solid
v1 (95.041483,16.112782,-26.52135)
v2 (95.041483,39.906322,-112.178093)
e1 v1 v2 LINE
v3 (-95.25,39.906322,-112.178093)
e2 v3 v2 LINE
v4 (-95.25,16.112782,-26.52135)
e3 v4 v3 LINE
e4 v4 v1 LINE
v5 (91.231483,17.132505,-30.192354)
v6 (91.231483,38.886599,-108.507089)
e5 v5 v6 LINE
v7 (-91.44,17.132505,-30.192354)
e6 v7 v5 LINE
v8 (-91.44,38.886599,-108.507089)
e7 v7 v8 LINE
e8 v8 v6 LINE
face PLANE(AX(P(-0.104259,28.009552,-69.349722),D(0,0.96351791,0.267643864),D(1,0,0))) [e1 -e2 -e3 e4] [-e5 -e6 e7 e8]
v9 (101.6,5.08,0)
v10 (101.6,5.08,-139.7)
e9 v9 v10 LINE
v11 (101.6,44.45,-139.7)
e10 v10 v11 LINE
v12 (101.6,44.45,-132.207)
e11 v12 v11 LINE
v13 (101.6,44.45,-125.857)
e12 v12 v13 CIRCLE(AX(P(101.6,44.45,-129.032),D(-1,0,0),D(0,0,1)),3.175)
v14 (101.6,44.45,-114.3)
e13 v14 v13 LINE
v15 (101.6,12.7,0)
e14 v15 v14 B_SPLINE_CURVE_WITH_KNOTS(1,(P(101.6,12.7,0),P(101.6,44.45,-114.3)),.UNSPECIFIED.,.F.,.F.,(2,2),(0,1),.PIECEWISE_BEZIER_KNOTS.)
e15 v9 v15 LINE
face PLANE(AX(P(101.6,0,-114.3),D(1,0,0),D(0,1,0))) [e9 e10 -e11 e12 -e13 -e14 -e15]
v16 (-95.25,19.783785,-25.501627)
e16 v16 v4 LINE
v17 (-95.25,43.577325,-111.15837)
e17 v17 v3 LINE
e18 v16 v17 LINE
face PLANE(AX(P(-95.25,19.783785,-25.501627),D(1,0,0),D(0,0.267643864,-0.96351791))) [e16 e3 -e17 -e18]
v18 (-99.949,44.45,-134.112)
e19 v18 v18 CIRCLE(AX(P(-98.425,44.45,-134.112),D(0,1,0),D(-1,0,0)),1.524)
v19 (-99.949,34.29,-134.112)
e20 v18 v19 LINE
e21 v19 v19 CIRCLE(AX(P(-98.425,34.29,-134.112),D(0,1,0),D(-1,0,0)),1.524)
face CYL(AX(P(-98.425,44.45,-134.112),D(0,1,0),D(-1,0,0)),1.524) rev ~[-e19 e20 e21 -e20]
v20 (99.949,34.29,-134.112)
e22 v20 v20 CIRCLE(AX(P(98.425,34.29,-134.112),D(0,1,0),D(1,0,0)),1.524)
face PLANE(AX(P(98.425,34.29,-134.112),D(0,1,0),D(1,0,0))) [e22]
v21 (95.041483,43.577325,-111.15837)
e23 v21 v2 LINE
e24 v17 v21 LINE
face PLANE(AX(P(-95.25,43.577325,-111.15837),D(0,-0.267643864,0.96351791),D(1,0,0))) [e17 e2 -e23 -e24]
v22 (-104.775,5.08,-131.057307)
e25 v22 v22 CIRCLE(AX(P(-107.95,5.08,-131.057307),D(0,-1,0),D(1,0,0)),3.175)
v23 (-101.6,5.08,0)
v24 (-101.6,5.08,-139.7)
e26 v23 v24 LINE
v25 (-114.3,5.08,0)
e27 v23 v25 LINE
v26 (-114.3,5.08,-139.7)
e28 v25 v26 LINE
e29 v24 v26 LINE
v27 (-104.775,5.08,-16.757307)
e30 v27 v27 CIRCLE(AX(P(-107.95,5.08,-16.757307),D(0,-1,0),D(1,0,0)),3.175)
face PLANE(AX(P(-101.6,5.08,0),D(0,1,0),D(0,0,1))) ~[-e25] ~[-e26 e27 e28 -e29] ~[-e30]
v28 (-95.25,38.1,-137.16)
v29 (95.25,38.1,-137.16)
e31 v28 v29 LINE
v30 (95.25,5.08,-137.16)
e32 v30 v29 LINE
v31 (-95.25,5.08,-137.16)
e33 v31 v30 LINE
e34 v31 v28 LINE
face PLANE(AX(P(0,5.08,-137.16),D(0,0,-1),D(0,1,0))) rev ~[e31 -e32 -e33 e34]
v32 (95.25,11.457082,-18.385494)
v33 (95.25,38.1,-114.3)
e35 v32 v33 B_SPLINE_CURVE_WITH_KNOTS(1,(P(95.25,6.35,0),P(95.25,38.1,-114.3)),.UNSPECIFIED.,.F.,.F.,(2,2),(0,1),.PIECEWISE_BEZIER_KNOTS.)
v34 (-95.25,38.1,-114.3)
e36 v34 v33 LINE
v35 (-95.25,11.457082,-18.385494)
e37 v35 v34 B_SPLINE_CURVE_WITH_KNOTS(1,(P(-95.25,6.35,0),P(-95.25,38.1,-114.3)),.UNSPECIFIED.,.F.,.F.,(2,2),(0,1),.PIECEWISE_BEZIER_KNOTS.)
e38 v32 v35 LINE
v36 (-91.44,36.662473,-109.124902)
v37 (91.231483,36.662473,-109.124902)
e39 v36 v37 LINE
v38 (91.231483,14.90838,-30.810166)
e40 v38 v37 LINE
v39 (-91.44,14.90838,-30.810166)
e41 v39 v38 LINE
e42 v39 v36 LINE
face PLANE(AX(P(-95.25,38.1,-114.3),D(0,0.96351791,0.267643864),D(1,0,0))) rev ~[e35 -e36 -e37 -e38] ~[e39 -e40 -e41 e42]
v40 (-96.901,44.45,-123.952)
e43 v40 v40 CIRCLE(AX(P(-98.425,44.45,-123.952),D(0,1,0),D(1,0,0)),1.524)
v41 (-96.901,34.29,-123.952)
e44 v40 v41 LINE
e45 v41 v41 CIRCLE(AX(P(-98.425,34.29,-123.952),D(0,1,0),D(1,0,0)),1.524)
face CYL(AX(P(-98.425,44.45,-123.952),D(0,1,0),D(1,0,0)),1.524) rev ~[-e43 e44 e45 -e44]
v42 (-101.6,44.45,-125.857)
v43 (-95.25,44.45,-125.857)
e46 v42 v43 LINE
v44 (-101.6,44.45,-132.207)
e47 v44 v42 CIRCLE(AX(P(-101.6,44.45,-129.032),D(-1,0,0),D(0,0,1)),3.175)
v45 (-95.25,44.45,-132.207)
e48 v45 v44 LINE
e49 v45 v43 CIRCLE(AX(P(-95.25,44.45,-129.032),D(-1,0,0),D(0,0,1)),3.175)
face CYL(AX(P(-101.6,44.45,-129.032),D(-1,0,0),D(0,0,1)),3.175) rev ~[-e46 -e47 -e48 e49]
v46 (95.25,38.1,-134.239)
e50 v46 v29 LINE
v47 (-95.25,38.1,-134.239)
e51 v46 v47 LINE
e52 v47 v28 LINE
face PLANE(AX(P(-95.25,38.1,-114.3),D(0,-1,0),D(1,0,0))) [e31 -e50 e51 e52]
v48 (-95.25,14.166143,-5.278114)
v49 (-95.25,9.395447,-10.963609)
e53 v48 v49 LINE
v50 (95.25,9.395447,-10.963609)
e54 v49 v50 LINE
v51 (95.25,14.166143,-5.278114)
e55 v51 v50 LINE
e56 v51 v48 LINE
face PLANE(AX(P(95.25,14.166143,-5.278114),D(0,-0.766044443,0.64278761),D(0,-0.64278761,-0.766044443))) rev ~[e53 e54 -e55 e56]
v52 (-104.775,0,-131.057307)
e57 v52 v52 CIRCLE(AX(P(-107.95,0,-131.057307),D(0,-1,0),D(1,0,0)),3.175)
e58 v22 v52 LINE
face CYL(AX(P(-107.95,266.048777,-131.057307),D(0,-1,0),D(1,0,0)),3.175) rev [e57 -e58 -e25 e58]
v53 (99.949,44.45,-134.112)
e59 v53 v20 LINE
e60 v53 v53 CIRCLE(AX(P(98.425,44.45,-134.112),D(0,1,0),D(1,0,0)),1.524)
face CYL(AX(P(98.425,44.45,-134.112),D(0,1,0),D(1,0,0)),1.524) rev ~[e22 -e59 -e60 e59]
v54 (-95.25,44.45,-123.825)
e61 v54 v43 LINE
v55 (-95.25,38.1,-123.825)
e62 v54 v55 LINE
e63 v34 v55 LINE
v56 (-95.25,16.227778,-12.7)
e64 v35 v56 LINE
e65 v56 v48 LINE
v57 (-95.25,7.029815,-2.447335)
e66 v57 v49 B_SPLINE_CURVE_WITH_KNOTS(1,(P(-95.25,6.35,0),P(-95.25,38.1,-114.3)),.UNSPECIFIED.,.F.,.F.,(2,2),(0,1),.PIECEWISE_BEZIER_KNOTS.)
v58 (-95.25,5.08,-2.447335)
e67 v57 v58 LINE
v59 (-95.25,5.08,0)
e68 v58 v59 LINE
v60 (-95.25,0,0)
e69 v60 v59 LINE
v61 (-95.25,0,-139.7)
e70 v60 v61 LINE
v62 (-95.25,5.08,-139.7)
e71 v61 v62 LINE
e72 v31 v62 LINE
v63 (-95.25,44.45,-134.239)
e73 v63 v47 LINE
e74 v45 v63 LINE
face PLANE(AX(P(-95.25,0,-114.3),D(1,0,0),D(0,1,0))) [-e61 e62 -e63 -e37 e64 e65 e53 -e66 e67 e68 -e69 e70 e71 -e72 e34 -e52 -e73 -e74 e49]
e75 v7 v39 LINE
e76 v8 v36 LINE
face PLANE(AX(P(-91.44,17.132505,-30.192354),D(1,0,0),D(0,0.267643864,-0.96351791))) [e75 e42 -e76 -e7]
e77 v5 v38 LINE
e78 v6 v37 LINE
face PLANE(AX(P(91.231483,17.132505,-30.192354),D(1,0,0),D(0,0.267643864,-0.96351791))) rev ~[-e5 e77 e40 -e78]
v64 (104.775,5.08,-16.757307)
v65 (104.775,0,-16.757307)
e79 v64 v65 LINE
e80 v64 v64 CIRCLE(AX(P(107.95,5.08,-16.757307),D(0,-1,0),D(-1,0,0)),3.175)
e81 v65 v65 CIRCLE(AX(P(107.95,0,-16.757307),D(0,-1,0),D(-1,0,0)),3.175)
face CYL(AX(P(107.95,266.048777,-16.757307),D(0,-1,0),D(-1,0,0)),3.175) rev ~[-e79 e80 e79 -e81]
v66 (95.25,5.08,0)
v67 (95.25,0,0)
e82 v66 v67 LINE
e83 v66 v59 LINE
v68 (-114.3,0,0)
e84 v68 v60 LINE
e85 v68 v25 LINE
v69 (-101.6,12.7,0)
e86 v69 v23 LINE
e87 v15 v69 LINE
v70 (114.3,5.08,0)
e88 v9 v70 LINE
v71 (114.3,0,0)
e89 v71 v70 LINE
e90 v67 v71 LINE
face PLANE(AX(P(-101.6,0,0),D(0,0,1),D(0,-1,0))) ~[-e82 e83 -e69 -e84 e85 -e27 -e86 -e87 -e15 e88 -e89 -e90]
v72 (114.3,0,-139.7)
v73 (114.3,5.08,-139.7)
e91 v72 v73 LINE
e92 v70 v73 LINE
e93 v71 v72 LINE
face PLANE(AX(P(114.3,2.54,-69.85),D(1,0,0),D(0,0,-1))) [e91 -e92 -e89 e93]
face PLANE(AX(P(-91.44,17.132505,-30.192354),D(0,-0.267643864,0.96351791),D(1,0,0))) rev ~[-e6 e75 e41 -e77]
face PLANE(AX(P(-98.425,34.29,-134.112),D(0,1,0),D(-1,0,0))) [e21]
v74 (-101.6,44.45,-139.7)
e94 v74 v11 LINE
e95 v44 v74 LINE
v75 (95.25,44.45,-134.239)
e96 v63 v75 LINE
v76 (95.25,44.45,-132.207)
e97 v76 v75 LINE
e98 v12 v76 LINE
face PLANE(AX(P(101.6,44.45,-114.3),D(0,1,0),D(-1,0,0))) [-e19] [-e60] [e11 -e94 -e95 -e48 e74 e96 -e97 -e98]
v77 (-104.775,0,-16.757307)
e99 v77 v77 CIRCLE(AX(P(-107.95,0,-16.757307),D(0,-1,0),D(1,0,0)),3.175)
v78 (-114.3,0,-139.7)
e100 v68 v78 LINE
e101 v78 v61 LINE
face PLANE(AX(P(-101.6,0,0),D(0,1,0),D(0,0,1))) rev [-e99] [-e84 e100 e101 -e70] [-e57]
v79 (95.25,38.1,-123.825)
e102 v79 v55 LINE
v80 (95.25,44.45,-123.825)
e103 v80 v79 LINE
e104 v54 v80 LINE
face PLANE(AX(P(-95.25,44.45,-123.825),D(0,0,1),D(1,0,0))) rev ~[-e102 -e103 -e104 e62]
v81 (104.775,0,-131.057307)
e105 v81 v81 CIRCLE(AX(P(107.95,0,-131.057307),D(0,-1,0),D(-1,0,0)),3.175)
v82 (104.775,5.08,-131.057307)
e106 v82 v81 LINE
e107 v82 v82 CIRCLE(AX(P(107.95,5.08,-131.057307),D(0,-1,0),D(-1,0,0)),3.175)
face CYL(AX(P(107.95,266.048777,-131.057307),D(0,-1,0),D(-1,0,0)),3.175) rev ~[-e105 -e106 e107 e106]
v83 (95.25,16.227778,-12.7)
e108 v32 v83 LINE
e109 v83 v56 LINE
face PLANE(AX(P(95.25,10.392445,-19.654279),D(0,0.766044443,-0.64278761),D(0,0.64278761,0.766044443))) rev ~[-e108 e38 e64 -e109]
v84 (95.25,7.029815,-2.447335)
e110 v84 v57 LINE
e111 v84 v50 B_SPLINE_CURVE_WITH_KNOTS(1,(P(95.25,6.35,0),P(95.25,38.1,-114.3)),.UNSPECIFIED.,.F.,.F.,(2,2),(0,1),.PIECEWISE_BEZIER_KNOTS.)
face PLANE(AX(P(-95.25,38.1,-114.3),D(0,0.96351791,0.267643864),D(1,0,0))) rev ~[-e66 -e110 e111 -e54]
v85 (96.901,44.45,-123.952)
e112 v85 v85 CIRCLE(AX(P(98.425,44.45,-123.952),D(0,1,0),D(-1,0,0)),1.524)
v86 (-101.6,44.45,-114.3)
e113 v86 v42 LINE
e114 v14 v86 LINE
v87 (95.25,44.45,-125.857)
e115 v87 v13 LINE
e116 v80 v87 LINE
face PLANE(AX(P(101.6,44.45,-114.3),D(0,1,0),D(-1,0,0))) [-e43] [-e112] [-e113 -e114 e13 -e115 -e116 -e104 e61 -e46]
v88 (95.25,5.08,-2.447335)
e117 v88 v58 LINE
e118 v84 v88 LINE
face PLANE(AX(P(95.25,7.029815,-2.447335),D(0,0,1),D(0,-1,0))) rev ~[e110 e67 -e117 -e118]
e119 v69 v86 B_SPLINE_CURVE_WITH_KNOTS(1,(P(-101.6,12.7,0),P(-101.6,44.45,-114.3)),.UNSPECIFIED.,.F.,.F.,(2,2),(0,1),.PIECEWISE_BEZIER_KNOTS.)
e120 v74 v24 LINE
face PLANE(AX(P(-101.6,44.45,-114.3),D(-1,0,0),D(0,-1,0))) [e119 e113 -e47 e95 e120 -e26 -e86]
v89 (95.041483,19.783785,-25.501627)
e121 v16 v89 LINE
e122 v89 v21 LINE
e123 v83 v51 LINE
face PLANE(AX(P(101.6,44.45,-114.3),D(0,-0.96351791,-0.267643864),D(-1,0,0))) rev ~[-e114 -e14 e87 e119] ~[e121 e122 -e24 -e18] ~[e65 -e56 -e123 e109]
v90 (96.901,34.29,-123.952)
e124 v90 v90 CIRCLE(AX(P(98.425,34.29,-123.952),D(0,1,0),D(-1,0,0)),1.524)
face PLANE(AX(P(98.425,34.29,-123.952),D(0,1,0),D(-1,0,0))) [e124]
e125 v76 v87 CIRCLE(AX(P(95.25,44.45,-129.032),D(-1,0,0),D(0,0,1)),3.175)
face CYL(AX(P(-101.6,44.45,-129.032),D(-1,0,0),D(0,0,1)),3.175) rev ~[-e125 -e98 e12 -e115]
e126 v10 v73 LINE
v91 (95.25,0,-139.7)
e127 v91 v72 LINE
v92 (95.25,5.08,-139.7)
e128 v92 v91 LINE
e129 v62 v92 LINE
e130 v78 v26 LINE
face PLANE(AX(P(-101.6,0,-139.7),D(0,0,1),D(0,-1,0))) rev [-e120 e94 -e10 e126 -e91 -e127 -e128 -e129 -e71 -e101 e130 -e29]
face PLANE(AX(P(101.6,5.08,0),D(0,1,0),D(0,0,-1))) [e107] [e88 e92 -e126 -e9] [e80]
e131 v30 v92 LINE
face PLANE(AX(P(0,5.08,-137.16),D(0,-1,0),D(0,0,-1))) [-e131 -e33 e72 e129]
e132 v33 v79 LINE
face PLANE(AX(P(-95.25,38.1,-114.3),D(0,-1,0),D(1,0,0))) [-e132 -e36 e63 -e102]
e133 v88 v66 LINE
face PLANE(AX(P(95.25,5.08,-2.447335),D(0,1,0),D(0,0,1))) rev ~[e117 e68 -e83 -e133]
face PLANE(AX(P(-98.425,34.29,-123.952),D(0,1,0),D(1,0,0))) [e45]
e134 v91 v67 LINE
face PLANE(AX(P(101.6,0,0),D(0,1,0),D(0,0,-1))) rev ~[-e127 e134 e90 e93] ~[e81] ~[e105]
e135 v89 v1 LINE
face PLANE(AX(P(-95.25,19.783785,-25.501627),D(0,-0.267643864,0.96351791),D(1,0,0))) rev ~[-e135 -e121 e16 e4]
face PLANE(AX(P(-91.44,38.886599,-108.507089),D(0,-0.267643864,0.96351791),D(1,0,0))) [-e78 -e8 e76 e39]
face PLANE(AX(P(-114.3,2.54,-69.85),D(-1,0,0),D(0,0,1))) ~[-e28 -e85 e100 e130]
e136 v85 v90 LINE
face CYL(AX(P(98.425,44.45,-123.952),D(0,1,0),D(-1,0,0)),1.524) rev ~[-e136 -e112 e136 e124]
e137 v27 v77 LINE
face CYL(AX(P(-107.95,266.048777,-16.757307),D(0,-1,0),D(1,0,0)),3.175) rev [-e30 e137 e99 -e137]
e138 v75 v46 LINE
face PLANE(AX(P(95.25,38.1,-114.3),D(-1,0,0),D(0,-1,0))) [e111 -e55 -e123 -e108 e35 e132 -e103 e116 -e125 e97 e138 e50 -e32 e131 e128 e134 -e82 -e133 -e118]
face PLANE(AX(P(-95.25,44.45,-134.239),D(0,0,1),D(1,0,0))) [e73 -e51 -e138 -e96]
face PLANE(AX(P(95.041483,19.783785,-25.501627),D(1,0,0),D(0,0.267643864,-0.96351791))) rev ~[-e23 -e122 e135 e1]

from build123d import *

# Parameters (mm, degrees)
CUT_EXTRUDE1_START          = -6.35
CUT_EXTRUDE1_DEPTH          = 190.5
BOSS_EXTRUDE4_REACH         = 233.927
BOSS_EXTRUDE5_DEPTH         = 25.4
SKETCH3_W                   = 2.54
SKETCH3_H                   = 39.37
BOSS_EXTRUDE1_DEPTH         = 95.25
SKETCH11_R                  = 3.175
CUT_EXTRUDE6_DEPTH          = 251.563629798
SKETCH12_R                  = 1.524
CUT_EXTRUDE7_DEPTH          = 10.16
SKETCH5_W                   = 190.291482803
SKETCH5_H                   = 88.9
CUT_EXTRUDE2_DEPTH          = 3.81
SKETCH6_W                   = 182.671482803
SKETCH6_H                   = 81.28
CUT_EXTRUDE3_DEPTH          = 12.7
SKETCH14_W                  = 190.5
SKETCH14_H                  = 10.414
CUT_EXTRUDE8_DEPTH          = 179.366063356
SKETCH15_W                  = 139.7
SKETCH15_H                  = 5.08
BOSS_EXTRUDE6_DEPTH         = 12.7
F_1_4_0_25_DIAMETER_HOLE1_D = 6.35


with BuildPart() as part:
    # Sketch1 → Loft1 section 0
    with BuildSketch(Plane.XY):
        with BuildLine():
            Line((101.6, 0), (101.6, 12.7))
            Line((101.6, 12.7), (-101.6, 12.7))
            Line((-101.6, 12.7), (-101.6, 0))
            Line((-101.6, 0), (-95.25, 0))
            Line((-95.25, 0), (-95.25, 6.35))
            Line((-95.25, 6.35), (95.25, 6.35))
            Line((95.25, 6.35), (95.25, 0))
            Line((95.25, 0), (101.6, 0))
        make_face()
    # Sketch2 → Loft1 section 1
    with BuildSketch(Plane.XY.offset(-114.3)):
        with BuildLine():
            Line((-95.25, 0), (-95.25, 38.1))
            Line((-95.25, 38.1), (95.25, 38.1))
            Line((95.25, 38.1), (95.25, 0))
            Line((95.25, 0), (101.6, 0))
            Line((101.6, 0), (101.6, 44.45))
            Line((101.6, 44.45), (-101.6, 44.45))
            Line((-101.6, 44.45), (-101.6, 0))
            Line((-101.6, 0), (-95.25, 0))
        make_face()
    loft()

    # Sketch4 → Cut-Extrude1 (cut)
    with BuildSketch(Plane(origin=(101.6, 0, 0), x_dir=(0, 0, -1), z_dir=(1, 0, 0)).offset(CUT_EXTRUDE1_START)):
        Polygon((12.7, 32.737292081), (5.278114464, 32.737292081), (5.278114464, 14.166142907), (15.549865586, 5.547120329), (19.654278654, 10.392445124), (12.7, 16.227777778), align=None)
    extrude(amount=-CUT_EXTRUDE1_DEPTH, mode=Mode.SUBTRACT)

    # Sketch7 → Boss-Extrude4 (add, up to next)
    with BuildSketch(Plane.ZY.offset(-95.25), mode=Mode.PRIVATE) as boss_extrude4_sk1:
        Polygon((0, 6.35), (-2.44733549, 7.029815414), (-2.44733549, 5.08), (0, 5.08), align=None)
    boss_extrude4_tool1 = extrude(boss_extrude4_sk1.sketch, amount=BOSS_EXTRUDE4_REACH, mode=Mode.PRIVATE) - part.part
    add(boss_extrude4_tool1.solids().sort_by_distance((95.25, 5.896915, -1.309787))[0])

    # Sketch9 → Boss-Extrude5 (add)
    with BuildSketch(Plane(origin=(0, 0, -114.3), x_dir=(-1, 0, 0), z_dir=(0, 0, -1))):
        Polygon((-95.25, 0), (-101.6, 0), (-101.6, 44.45), (101.6, 44.45), (101.6, 0), (95.25, 0), (95.25, 38.1), (-95.25, 38.1), align=None)
    extrude(amount=BOSS_EXTRUDE5_DEPTH)

    # Sketch3 → Boss-Extrude1 (add, symmetric)
    with BuildSketch(Plane(origin=(0, 0, 0), x_dir=(0, 0, -1), z_dir=(1, 0, 0))):
        with Locations((138.43, 24.765)):
            Rectangle(SKETCH3_W, SKETCH3_H)
    extrude(amount=BOSS_EXTRUDE1_DEPTH, both=True)

    # Sketch11 → Cut-Extrude6 (cut, through all)
    with BuildSketch(Plane.ZY.offset(101.6)):
        with Locations((-129.032, 44.45)):
            Circle(SKETCH11_R)
    extrude(amount=-CUT_EXTRUDE6_DEPTH, mode=Mode.SUBTRACT)

    # Sketch12 → Cut-Extrude7 (cut)
    with BuildSketch(Plane(origin=(0, 44.45, 0), x_dir=(1, 0, 0), z_dir=(0, 1, 0))):
        with Locations(Location((98.425, 123.952, 0), (0, 0, 180))):
            Circle(SKETCH12_R)
        with Locations((98.425, 134.112)):
            Circle(SKETCH12_R)
        with Locations(Location((-98.425, 134.112, 0), (0, 0, 180))):
            Circle(SKETCH12_R)
        with Locations((-98.425, 123.952)):
            Circle(SKETCH12_R)
    extrude(amount=-CUT_EXTRUDE7_DEPTH, mode=Mode.SUBTRACT)

    # Sketch5 → Cut-Extrude2 (cut)
    with BuildSketch(Plane(origin=(0, 11.79025788, 3.275071633), x_dir=(1, 0, 0), z_dir=(0, 0.9635179096299408, 0.2676438637860946))):
        with Locations((-0.104258598, 74.316283438)):
            Rectangle(SKETCH5_W, SKETCH5_H)
    extrude(amount=-CUT_EXTRUDE2_DEPTH, mode=Mode.SUBTRACT)

    # Sketch6 → Cut-Extrude3 (cut)
    with BuildSketch(Plane(origin=(0, 8.119254644, 2.255348512), x_dir=(1, 0, 0), z_dir=(0, 0.9635179096299407, 0.26764386378609456))):
        with Locations((-0.104258599, 74.316283438)):
            Rectangle(SKETCH6_W, SKETCH6_H)
    extrude(amount=-CUT_EXTRUDE3_DEPTH, mode=Mode.SUBTRACT)

    # Sketch14 → Cut-Extrude8 (cut, through all)
    with BuildSketch(Plane(origin=(0, 44.45, 0), x_dir=(1, 0, 0), z_dir=(0, 1, 0))):
        with Locations((0, 129.032)):
            Rectangle(SKETCH14_W, SKETCH14_H)
    extrude(amount=-CUT_EXTRUDE8_DEPTH, mode=Mode.SUBTRACT)

    # Sketch15 → Boss-Extrude6 (add)
    with BuildSketch(Plane(origin=(101.6, 0, 0), x_dir=(0, 0, -1), z_dir=(1, 0, 0))):
        with Locations((69.85, 2.54)):
            Rectangle(SKETCH15_W, SKETCH15_H)
    boss_extrude6 = extrude(amount=BOSS_EXTRUDE6_DEPTH)

    # 1/4 (0.25) Diameter Hole1 (through all)
    with Locations(Plane(origin=(0, 5.08, 0), x_dir=(1, 0, 0), z_dir=(0, 1, 0))):
        with Locations((107.95, 16.757307422), (107.95, 131.057307422)):
            f_1_4_0_25_diameter_hole1 = Hole(F_1_4_0_25_DIAMETER_HOLE1_D / 2)

    # Mirror1: Boss-Extrude6 across plane
    add(boss_extrude6.mirror(Plane(origin=(0, 0, 0), x_dir=(0, 0, 1), z_dir=(1, 0, 0))))

    # Mirror2: 1/4 (0.25) Diameter Hole1 across plane
    add(f_1_4_0_25_diameter_hole1.mirror(Plane(origin=(0, 0, 0), x_dir=(0, 0, 1), z_dir=(1, 0, 0))), mode=Mode.SUBTRACT)


solid = part.part
